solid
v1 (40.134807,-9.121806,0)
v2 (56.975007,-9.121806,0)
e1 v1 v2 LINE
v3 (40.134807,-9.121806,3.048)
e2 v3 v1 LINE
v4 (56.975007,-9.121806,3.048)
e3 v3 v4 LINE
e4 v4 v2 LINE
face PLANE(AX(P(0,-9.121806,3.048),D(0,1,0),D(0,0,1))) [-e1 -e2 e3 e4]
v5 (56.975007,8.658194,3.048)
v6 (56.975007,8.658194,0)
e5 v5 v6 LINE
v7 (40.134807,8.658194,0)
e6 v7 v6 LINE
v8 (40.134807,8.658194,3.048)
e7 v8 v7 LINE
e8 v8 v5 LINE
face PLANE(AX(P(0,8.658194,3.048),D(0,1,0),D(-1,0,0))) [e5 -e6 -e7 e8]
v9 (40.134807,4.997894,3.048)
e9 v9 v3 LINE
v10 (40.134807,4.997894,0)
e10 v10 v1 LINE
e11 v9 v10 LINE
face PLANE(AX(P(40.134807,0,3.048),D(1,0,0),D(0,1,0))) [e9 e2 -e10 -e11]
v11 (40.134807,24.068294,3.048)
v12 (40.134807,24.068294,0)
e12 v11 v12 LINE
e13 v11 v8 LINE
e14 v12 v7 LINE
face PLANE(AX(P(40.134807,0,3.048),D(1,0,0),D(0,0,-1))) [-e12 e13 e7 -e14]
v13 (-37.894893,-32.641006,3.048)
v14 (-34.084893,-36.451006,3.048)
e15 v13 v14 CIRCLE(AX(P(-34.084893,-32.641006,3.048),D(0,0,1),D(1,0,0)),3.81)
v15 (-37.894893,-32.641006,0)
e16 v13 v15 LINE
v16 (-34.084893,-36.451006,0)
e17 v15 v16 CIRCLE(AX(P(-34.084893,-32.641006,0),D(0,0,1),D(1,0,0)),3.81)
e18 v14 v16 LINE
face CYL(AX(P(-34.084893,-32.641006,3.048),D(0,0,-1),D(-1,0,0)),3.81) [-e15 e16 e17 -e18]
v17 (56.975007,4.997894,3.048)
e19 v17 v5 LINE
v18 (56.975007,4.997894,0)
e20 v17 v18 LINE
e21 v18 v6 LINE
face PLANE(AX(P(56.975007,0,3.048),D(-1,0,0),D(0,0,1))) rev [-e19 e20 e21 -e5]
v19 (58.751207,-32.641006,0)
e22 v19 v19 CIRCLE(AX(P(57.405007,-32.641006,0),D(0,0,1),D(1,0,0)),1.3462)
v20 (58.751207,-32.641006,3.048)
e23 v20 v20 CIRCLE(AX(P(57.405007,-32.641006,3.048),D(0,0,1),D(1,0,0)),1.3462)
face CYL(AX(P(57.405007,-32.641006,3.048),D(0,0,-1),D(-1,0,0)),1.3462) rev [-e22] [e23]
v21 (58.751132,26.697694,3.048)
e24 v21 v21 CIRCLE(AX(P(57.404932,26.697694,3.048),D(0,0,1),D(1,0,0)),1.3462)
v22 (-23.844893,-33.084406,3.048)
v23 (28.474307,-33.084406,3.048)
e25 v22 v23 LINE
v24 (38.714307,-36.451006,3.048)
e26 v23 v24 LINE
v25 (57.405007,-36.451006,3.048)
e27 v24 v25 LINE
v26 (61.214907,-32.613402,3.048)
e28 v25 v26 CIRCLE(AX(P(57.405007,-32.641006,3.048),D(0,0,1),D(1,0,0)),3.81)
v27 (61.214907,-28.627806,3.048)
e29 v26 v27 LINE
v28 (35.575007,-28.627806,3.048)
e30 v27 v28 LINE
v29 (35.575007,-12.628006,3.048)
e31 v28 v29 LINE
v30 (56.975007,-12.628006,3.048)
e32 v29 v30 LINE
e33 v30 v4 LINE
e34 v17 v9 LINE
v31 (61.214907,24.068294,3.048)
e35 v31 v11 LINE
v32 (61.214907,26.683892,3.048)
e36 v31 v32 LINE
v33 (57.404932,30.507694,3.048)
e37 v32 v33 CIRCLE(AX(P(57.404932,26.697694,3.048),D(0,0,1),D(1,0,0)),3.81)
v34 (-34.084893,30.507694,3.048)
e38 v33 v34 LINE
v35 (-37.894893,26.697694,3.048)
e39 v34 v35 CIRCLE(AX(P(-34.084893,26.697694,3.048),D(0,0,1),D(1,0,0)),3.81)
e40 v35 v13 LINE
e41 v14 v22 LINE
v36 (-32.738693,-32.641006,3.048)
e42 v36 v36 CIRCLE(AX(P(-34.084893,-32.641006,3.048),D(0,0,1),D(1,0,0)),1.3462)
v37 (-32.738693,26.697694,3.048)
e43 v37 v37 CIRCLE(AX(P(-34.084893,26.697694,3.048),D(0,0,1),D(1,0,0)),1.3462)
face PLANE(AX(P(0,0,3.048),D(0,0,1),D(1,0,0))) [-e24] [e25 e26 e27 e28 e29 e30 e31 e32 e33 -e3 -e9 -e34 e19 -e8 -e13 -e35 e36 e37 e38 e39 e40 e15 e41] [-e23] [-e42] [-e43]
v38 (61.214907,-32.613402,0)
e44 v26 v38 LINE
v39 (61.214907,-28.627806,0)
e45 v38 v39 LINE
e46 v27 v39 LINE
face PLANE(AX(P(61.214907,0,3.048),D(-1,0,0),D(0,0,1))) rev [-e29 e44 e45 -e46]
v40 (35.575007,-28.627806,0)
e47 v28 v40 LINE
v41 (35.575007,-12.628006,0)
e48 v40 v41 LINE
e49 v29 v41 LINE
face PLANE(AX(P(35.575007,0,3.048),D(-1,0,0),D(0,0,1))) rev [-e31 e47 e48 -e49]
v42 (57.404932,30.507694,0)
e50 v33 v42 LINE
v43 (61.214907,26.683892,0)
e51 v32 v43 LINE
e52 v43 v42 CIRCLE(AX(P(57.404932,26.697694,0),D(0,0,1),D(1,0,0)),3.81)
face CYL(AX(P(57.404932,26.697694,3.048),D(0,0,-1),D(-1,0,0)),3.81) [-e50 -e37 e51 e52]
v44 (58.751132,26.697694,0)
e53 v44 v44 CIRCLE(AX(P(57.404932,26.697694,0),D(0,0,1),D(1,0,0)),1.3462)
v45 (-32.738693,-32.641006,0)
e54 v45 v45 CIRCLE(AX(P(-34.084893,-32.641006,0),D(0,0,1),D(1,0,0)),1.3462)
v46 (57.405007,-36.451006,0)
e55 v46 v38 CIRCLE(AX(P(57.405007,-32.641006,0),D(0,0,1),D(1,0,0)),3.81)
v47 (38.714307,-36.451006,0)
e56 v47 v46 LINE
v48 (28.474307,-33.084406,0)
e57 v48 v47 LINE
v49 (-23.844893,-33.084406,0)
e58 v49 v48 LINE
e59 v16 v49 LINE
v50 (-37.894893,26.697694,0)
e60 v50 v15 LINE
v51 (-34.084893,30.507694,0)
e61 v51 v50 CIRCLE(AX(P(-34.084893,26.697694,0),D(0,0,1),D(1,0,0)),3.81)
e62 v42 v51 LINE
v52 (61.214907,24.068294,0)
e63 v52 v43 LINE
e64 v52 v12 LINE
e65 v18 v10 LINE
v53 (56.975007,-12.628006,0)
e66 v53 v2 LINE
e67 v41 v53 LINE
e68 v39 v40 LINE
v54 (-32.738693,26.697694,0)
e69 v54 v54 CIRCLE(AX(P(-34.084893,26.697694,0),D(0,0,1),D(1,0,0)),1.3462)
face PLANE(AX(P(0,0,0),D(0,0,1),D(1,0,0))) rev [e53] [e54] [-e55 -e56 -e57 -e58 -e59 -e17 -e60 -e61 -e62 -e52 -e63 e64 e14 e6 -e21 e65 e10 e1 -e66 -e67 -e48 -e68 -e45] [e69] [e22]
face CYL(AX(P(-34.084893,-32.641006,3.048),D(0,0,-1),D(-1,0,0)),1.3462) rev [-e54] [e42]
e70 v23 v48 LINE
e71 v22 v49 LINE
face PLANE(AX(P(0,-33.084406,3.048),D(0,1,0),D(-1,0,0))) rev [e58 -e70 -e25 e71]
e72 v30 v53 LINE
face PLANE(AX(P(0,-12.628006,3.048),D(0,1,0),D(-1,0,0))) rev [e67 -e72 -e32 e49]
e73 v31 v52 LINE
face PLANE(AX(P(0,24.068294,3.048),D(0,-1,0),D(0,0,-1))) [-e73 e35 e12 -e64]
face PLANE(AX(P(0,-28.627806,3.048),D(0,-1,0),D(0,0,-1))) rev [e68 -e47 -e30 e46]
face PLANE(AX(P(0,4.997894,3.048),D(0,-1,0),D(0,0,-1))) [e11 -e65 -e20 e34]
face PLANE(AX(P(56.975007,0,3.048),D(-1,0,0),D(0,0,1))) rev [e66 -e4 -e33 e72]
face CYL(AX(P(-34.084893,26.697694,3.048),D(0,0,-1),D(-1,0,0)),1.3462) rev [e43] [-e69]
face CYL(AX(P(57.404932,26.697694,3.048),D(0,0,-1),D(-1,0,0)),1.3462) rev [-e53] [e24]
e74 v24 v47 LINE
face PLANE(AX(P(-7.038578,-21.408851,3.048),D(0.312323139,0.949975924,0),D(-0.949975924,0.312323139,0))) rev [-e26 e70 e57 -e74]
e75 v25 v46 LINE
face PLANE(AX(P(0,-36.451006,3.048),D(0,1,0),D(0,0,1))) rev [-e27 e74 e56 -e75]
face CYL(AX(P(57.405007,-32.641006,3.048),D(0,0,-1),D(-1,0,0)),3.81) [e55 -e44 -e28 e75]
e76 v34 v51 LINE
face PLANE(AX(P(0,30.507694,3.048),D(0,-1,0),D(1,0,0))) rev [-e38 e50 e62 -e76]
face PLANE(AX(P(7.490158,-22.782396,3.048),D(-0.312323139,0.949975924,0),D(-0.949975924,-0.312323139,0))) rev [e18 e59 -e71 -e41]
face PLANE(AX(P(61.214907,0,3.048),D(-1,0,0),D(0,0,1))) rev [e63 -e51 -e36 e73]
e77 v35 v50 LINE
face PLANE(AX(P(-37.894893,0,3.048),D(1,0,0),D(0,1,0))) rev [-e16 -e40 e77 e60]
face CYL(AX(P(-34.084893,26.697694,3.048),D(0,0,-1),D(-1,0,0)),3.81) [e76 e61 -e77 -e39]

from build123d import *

# Parameters (mm, degrees)
SKETCH1_R           = 1.3462
SKETCH1_W           = 60.6932
SKETCH1_H           = 7.81
SKETCH1_W_2         = 5.588
SKETCH1_H_2         = 23.368
SKETCH1_W_3         = 5.4034
SKETCH1_H_3         = 22.6066
BOSS_EXTRUDE1_DEPTH = 3.048
SKETCH2_R           = 10.922
SKETCH2_R_2         = 1.4986
CUT_EXTRUDE1_DEPTH  = 4.048
SKETCH3_W           = 60.6932
SKETCH3_H           = 56.8638
BOSS_EXTRUDE2_DEPTH = 3.048


with BuildPart() as part:
    # Sketch1 → Boss-Extrude1 (new body)
    with BuildSketch(Plane.XY):
        with BuildLine():
            Line((61.214907375, 24.068294304), (40.134807375, 24.068294304))
            Line((40.134807375, 24.068294304), (40.134807375, 8.658194304))
            Line((40.134807375, 8.658194304), (56.975007375, 8.658194304))
            Line((56.975007375, 8.658194304), (56.975007375, 4.997894304))
            Line((56.975007375, 4.997894304), (40.134807375, 4.997894304))
            Line((40.134807375, 4.997894304), (40.134807375, -9.121805696))
            Line((40.134807375, -9.121805696), (56.975007375, -9.121805696))
            Line((56.975007375, -9.121805696), (56.975007375, -12.628005696))
            Line((56.975007375, -12.628005696), (35.575007375, -12.628005696))
            Line((35.575007375, -12.628005696), (35.575007375, -28.627805696))
            Line((35.575007375, -28.627805696), (61.214907375, -28.627805696))
            Line((61.214907375, -28.627805696), (61.214907375, -32.613401529))
            ThreePointArc((61.214907375, -32.613401529), (60.108826144, -35.325305244), (57.405007375, -36.451005696))
            Line((57.405007375, -36.451005696), (38.714307375, -36.451005696))
            Line((38.714307375, -36.451005696), (28.474307375, -33.084405696))
            Line((28.474307375, -33.084405696), (-23.844892625, -33.084405696))
            Line((-23.844892625, -33.084405696), (-34.084892625, -36.451005696))
            ThreePointArc((-34.084892625, -36.451005696), (-36.778969461, -35.335082532), (-37.894892625, -32.641005696))
            Line((-37.894892625, -32.641005696), (-37.894892625, 26.697694304))
            ThreePointArc((-37.894892625, 26.697694304), (-36.778969461, 29.391771141), (-34.084892625, 30.507694304))
            Line((-34.084892625, 30.507694304), (57.404932375, 30.507694304))
            ThreePointArc((57.404932375, 30.507694304), (60.103884597, 29.386886916), (61.214907375, 26.683892153))
            Line((61.214907375, 26.683892153), (61.214907375, 24.068294304))
        make_face()
        with Locations((57.404932375, 26.697694304)):
            Circle(SKETCH1_R, mode=Mode.SUBTRACT)
        with Locations((-34.084892625, 26.697694304)):
            Circle(SKETCH1_R, mode=Mode.SUBTRACT)
        with Locations((-34.084892625, -32.641005696)):
            Circle(SKETCH1_R, mode=Mode.SUBTRACT)
        with Locations((57.405007375, -32.641005696)):
            Circle(SKETCH1_R, mode=Mode.SUBTRACT)
        with Locations((1.341707375, 21.991994304)):
            Rectangle(SKETCH1_W, SKETCH1_H, mode=Mode.SUBTRACT)
        with Locations((-26.210892625, -1.882805696)):
            Rectangle(SKETCH1_W_2, SKETCH1_H_2, mode=Mode.SUBTRACT)
        with Locations((16.546707375, -19.663505696)):
            Rectangle(SKETCH1_W_3, SKETCH1_H_3, mode=Mode.SUBTRACT)
    extrude(amount=BOSS_EXTRUDE1_DEPTH)

    # Sketch2 → Cut-Extrude1 (cut, through all)
    with BuildSketch(Plane.XY.offset(3.048)):
        with Locations((-0.302892625, -0.480305696)):
            Circle(SKETCH2_R)
        with Locations((-10.285092625, -10.462505696)):
            Circle(SKETCH2_R_2)
        with Locations((-10.285092625, 9.501894304)):
            Circle(SKETCH2_R_2)
        with Locations((9.679307375, -10.462505696)):
            Circle(SKETCH2_R_2)
        with Locations((9.679307375, 9.501894304)):
            Circle(SKETCH2_R_2)
    extrude(amount=-CUT_EXTRUDE1_DEPTH, mode=Mode.SUBTRACT)

    # Sketch3 → Boss-Extrude2 (add)
    with BuildSketch(Plane.XY.offset(3.048)):
        with Locations((1.341707375, -2.534905696)):
            Rectangle(SKETCH3_W, SKETCH3_H)
    extrude(amount=-BOSS_EXTRUDE2_DEPTH)


solid = part.part
